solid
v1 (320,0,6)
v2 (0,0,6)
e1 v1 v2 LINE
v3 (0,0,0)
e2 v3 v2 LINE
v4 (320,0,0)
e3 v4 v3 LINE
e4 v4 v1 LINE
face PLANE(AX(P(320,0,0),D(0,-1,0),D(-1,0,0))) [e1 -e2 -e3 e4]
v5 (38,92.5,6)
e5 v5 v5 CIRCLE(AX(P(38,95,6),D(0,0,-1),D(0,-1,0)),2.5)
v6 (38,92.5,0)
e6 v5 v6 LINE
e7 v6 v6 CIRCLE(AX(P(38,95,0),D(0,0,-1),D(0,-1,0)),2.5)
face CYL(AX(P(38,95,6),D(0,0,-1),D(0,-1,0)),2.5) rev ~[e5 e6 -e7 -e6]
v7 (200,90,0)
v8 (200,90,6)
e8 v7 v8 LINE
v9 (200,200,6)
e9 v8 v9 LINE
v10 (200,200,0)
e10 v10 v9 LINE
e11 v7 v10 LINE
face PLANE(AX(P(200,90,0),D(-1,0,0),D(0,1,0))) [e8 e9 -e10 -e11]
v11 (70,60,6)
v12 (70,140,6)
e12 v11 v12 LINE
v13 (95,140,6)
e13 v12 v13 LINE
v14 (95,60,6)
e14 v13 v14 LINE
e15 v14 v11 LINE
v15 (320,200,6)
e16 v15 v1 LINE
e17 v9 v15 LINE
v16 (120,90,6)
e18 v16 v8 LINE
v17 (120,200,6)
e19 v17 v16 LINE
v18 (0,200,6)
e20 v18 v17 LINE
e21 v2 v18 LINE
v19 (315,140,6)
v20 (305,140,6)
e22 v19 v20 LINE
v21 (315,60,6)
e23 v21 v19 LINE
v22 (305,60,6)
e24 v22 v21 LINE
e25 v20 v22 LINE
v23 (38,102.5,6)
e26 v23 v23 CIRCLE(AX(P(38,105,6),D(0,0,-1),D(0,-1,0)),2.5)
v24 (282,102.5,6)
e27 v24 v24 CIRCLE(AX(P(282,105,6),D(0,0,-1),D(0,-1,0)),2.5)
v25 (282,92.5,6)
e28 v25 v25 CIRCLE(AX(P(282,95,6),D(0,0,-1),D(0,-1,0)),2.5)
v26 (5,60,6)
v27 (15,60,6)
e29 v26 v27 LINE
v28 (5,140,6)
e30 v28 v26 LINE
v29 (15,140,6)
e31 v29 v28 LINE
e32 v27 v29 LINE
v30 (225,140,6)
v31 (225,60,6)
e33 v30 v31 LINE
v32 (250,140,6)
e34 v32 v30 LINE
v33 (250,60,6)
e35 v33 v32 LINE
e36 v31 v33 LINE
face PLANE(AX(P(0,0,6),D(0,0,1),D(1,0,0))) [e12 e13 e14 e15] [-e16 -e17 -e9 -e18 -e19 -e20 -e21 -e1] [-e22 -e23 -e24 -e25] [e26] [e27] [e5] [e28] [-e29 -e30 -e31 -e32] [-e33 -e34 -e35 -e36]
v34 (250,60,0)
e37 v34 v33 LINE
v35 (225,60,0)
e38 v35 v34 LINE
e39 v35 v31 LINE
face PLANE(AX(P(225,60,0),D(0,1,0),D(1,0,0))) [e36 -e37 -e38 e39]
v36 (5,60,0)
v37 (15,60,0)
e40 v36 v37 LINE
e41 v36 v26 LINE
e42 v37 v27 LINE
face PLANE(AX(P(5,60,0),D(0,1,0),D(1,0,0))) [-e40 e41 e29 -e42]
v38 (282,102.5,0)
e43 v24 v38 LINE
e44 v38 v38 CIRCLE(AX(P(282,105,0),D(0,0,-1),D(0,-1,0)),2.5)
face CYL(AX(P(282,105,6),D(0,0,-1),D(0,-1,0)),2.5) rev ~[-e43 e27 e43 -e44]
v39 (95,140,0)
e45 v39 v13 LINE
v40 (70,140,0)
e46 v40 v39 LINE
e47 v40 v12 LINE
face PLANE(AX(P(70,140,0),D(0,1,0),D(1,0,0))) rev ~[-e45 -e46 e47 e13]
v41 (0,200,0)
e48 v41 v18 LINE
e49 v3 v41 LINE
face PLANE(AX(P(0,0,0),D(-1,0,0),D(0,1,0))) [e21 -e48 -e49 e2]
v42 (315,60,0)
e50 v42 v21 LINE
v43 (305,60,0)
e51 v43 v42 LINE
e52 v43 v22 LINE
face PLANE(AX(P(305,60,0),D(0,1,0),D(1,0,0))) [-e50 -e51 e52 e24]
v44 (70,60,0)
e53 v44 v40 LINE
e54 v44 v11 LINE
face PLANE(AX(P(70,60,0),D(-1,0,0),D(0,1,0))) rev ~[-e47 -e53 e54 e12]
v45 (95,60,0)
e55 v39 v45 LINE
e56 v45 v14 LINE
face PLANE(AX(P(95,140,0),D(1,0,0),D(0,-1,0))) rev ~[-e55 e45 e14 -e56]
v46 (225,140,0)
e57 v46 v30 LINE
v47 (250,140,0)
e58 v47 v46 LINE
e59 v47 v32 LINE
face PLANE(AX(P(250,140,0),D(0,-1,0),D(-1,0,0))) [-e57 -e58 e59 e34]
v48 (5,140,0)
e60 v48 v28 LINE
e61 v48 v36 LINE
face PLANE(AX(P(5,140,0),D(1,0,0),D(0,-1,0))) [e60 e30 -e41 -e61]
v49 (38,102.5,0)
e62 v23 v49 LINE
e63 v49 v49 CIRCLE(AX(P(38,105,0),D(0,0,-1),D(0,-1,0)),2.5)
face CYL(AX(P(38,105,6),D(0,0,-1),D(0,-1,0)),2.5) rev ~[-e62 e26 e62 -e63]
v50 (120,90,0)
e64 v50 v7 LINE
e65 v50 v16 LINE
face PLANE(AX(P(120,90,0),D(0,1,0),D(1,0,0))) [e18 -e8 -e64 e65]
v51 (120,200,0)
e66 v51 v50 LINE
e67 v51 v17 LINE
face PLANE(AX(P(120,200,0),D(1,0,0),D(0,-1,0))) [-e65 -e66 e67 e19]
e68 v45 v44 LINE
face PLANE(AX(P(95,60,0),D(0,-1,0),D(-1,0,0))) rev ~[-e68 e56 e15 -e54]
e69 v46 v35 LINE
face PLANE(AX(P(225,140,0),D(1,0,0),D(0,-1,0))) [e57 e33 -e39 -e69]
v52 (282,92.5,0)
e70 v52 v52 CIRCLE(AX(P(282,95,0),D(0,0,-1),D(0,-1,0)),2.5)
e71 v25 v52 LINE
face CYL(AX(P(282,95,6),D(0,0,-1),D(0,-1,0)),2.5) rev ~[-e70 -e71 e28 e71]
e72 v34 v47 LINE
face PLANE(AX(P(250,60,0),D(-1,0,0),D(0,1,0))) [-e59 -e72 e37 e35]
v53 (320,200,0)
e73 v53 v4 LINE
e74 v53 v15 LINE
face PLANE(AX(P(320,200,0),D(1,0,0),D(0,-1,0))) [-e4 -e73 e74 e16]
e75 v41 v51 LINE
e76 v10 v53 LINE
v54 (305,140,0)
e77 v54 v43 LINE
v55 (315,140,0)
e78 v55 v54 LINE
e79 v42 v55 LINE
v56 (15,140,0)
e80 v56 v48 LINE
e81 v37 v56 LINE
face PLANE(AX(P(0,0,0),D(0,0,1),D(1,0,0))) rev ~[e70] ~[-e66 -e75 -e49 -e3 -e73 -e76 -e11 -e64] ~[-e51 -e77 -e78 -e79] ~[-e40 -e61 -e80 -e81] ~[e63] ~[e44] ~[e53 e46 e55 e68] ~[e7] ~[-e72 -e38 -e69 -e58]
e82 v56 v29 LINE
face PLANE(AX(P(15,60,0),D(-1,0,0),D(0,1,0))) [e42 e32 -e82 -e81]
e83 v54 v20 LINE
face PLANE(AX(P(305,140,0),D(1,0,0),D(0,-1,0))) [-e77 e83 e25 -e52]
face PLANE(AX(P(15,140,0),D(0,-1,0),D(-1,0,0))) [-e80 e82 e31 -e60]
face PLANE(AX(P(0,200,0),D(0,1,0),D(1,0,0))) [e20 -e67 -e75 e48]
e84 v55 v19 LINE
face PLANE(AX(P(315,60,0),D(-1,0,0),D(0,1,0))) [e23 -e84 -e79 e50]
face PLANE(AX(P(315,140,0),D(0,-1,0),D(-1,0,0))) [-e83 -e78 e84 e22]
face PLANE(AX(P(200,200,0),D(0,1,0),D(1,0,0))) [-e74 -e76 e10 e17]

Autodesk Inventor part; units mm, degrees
ref_plane "YZ Plane" through (0, 0, 0) normal (1, 0, 0) x (0, 1, 0)
ref_plane "XZ Plane" through (0, 0, 0) normal (0, 1, 0) x (-1, 0, 0)
ref_plane "XY Plane" through (0, 0, 0) normal (0, 0, 1) x (1, 0, 0)
sketch "Skizze1" plane through (0, 0, 0) normal (0, 0, 1) x (1, 0, 0)
  line L0 (0, 0) -> (0, 200)
  line L1 (0, 200) -> (120, 200)
  line L2 (120, 200) -> (120, 90)
  line L3 (120, 90) -> (200, 90)
  line L4 (200, 90) -> (200, 200)
  line L5 (200, 200) -> (320, 200)
  line L6 (320, 200) -> (320, 0)
  line L7 (320, 0) -> (0, 0)
  line L8 (5, 60) -> (15, 60)
  line L9 (15, 60) -> (15, 140)
  line L10 (15, 140) -> (5, 140)
  line L11 (5, 140) -> (5, 60)
  line L12 (70, 140) -> (95, 140)
  line L13 (95, 140) -> (95, 60)
  line L14 (95, 60) -> (70, 60)
  line L15 (70, 60) -> (70, 140)
  line L16 (250, 140) -> (225, 140)
  line L17 (225, 140) -> (225, 60)
  line L18 (225, 60) -> (250, 60)
  line L19 (250, 60) -> (250, 140)
  line L20 (315, 140) -> (305, 140)
  line L21 (305, 140) -> (305, 60)
  line L22 (305, 60) -> (315, 60)
  line L23 (315, 60) -> (315, 140)
  dimension "d0" = 320
  dimension "d1" = 200
  dimension "d4" = 110
  dimension "d5" = 80
  dimension "d6" = 10
  dimension "d7" = 25
  dimension "d8" = 80
  dimension "d9" = 25
  dimension "d10" = 80
  dimension "d11" = 10
  dimension "d12" = 5
  dimension "d13" = 55
  dimension "d14" = 55
  dimension "d15" = 5
  dimension "d16" = 60
  dimension "d17" = 60
  dimension "d18" = 60
  dimension "d21" = 105
  dimension "d22" = 105
extrude "Extrusion1" add sketch "Skizze1" along normal blind 6
hole "Bohrung1" at (38, 105, 6) direction (0, 0, -1) diameter 5 depth 8 tip angle 118
hole "Bohrung2" at (38, 95, 6) direction (0, 0, -1) diameter 5 depth 8 tip angle 118
hole "Bohrung5" at (282, 105, 6) direction (0, 0, -1) diameter 5 depth 8 tip angle 118
hole "Bohrung6" at (282, 95, 6) direction (0, 0, -1) diameter 5 depth 8 tip angle 118
properties part number "FahrwerkbasisBsp"
